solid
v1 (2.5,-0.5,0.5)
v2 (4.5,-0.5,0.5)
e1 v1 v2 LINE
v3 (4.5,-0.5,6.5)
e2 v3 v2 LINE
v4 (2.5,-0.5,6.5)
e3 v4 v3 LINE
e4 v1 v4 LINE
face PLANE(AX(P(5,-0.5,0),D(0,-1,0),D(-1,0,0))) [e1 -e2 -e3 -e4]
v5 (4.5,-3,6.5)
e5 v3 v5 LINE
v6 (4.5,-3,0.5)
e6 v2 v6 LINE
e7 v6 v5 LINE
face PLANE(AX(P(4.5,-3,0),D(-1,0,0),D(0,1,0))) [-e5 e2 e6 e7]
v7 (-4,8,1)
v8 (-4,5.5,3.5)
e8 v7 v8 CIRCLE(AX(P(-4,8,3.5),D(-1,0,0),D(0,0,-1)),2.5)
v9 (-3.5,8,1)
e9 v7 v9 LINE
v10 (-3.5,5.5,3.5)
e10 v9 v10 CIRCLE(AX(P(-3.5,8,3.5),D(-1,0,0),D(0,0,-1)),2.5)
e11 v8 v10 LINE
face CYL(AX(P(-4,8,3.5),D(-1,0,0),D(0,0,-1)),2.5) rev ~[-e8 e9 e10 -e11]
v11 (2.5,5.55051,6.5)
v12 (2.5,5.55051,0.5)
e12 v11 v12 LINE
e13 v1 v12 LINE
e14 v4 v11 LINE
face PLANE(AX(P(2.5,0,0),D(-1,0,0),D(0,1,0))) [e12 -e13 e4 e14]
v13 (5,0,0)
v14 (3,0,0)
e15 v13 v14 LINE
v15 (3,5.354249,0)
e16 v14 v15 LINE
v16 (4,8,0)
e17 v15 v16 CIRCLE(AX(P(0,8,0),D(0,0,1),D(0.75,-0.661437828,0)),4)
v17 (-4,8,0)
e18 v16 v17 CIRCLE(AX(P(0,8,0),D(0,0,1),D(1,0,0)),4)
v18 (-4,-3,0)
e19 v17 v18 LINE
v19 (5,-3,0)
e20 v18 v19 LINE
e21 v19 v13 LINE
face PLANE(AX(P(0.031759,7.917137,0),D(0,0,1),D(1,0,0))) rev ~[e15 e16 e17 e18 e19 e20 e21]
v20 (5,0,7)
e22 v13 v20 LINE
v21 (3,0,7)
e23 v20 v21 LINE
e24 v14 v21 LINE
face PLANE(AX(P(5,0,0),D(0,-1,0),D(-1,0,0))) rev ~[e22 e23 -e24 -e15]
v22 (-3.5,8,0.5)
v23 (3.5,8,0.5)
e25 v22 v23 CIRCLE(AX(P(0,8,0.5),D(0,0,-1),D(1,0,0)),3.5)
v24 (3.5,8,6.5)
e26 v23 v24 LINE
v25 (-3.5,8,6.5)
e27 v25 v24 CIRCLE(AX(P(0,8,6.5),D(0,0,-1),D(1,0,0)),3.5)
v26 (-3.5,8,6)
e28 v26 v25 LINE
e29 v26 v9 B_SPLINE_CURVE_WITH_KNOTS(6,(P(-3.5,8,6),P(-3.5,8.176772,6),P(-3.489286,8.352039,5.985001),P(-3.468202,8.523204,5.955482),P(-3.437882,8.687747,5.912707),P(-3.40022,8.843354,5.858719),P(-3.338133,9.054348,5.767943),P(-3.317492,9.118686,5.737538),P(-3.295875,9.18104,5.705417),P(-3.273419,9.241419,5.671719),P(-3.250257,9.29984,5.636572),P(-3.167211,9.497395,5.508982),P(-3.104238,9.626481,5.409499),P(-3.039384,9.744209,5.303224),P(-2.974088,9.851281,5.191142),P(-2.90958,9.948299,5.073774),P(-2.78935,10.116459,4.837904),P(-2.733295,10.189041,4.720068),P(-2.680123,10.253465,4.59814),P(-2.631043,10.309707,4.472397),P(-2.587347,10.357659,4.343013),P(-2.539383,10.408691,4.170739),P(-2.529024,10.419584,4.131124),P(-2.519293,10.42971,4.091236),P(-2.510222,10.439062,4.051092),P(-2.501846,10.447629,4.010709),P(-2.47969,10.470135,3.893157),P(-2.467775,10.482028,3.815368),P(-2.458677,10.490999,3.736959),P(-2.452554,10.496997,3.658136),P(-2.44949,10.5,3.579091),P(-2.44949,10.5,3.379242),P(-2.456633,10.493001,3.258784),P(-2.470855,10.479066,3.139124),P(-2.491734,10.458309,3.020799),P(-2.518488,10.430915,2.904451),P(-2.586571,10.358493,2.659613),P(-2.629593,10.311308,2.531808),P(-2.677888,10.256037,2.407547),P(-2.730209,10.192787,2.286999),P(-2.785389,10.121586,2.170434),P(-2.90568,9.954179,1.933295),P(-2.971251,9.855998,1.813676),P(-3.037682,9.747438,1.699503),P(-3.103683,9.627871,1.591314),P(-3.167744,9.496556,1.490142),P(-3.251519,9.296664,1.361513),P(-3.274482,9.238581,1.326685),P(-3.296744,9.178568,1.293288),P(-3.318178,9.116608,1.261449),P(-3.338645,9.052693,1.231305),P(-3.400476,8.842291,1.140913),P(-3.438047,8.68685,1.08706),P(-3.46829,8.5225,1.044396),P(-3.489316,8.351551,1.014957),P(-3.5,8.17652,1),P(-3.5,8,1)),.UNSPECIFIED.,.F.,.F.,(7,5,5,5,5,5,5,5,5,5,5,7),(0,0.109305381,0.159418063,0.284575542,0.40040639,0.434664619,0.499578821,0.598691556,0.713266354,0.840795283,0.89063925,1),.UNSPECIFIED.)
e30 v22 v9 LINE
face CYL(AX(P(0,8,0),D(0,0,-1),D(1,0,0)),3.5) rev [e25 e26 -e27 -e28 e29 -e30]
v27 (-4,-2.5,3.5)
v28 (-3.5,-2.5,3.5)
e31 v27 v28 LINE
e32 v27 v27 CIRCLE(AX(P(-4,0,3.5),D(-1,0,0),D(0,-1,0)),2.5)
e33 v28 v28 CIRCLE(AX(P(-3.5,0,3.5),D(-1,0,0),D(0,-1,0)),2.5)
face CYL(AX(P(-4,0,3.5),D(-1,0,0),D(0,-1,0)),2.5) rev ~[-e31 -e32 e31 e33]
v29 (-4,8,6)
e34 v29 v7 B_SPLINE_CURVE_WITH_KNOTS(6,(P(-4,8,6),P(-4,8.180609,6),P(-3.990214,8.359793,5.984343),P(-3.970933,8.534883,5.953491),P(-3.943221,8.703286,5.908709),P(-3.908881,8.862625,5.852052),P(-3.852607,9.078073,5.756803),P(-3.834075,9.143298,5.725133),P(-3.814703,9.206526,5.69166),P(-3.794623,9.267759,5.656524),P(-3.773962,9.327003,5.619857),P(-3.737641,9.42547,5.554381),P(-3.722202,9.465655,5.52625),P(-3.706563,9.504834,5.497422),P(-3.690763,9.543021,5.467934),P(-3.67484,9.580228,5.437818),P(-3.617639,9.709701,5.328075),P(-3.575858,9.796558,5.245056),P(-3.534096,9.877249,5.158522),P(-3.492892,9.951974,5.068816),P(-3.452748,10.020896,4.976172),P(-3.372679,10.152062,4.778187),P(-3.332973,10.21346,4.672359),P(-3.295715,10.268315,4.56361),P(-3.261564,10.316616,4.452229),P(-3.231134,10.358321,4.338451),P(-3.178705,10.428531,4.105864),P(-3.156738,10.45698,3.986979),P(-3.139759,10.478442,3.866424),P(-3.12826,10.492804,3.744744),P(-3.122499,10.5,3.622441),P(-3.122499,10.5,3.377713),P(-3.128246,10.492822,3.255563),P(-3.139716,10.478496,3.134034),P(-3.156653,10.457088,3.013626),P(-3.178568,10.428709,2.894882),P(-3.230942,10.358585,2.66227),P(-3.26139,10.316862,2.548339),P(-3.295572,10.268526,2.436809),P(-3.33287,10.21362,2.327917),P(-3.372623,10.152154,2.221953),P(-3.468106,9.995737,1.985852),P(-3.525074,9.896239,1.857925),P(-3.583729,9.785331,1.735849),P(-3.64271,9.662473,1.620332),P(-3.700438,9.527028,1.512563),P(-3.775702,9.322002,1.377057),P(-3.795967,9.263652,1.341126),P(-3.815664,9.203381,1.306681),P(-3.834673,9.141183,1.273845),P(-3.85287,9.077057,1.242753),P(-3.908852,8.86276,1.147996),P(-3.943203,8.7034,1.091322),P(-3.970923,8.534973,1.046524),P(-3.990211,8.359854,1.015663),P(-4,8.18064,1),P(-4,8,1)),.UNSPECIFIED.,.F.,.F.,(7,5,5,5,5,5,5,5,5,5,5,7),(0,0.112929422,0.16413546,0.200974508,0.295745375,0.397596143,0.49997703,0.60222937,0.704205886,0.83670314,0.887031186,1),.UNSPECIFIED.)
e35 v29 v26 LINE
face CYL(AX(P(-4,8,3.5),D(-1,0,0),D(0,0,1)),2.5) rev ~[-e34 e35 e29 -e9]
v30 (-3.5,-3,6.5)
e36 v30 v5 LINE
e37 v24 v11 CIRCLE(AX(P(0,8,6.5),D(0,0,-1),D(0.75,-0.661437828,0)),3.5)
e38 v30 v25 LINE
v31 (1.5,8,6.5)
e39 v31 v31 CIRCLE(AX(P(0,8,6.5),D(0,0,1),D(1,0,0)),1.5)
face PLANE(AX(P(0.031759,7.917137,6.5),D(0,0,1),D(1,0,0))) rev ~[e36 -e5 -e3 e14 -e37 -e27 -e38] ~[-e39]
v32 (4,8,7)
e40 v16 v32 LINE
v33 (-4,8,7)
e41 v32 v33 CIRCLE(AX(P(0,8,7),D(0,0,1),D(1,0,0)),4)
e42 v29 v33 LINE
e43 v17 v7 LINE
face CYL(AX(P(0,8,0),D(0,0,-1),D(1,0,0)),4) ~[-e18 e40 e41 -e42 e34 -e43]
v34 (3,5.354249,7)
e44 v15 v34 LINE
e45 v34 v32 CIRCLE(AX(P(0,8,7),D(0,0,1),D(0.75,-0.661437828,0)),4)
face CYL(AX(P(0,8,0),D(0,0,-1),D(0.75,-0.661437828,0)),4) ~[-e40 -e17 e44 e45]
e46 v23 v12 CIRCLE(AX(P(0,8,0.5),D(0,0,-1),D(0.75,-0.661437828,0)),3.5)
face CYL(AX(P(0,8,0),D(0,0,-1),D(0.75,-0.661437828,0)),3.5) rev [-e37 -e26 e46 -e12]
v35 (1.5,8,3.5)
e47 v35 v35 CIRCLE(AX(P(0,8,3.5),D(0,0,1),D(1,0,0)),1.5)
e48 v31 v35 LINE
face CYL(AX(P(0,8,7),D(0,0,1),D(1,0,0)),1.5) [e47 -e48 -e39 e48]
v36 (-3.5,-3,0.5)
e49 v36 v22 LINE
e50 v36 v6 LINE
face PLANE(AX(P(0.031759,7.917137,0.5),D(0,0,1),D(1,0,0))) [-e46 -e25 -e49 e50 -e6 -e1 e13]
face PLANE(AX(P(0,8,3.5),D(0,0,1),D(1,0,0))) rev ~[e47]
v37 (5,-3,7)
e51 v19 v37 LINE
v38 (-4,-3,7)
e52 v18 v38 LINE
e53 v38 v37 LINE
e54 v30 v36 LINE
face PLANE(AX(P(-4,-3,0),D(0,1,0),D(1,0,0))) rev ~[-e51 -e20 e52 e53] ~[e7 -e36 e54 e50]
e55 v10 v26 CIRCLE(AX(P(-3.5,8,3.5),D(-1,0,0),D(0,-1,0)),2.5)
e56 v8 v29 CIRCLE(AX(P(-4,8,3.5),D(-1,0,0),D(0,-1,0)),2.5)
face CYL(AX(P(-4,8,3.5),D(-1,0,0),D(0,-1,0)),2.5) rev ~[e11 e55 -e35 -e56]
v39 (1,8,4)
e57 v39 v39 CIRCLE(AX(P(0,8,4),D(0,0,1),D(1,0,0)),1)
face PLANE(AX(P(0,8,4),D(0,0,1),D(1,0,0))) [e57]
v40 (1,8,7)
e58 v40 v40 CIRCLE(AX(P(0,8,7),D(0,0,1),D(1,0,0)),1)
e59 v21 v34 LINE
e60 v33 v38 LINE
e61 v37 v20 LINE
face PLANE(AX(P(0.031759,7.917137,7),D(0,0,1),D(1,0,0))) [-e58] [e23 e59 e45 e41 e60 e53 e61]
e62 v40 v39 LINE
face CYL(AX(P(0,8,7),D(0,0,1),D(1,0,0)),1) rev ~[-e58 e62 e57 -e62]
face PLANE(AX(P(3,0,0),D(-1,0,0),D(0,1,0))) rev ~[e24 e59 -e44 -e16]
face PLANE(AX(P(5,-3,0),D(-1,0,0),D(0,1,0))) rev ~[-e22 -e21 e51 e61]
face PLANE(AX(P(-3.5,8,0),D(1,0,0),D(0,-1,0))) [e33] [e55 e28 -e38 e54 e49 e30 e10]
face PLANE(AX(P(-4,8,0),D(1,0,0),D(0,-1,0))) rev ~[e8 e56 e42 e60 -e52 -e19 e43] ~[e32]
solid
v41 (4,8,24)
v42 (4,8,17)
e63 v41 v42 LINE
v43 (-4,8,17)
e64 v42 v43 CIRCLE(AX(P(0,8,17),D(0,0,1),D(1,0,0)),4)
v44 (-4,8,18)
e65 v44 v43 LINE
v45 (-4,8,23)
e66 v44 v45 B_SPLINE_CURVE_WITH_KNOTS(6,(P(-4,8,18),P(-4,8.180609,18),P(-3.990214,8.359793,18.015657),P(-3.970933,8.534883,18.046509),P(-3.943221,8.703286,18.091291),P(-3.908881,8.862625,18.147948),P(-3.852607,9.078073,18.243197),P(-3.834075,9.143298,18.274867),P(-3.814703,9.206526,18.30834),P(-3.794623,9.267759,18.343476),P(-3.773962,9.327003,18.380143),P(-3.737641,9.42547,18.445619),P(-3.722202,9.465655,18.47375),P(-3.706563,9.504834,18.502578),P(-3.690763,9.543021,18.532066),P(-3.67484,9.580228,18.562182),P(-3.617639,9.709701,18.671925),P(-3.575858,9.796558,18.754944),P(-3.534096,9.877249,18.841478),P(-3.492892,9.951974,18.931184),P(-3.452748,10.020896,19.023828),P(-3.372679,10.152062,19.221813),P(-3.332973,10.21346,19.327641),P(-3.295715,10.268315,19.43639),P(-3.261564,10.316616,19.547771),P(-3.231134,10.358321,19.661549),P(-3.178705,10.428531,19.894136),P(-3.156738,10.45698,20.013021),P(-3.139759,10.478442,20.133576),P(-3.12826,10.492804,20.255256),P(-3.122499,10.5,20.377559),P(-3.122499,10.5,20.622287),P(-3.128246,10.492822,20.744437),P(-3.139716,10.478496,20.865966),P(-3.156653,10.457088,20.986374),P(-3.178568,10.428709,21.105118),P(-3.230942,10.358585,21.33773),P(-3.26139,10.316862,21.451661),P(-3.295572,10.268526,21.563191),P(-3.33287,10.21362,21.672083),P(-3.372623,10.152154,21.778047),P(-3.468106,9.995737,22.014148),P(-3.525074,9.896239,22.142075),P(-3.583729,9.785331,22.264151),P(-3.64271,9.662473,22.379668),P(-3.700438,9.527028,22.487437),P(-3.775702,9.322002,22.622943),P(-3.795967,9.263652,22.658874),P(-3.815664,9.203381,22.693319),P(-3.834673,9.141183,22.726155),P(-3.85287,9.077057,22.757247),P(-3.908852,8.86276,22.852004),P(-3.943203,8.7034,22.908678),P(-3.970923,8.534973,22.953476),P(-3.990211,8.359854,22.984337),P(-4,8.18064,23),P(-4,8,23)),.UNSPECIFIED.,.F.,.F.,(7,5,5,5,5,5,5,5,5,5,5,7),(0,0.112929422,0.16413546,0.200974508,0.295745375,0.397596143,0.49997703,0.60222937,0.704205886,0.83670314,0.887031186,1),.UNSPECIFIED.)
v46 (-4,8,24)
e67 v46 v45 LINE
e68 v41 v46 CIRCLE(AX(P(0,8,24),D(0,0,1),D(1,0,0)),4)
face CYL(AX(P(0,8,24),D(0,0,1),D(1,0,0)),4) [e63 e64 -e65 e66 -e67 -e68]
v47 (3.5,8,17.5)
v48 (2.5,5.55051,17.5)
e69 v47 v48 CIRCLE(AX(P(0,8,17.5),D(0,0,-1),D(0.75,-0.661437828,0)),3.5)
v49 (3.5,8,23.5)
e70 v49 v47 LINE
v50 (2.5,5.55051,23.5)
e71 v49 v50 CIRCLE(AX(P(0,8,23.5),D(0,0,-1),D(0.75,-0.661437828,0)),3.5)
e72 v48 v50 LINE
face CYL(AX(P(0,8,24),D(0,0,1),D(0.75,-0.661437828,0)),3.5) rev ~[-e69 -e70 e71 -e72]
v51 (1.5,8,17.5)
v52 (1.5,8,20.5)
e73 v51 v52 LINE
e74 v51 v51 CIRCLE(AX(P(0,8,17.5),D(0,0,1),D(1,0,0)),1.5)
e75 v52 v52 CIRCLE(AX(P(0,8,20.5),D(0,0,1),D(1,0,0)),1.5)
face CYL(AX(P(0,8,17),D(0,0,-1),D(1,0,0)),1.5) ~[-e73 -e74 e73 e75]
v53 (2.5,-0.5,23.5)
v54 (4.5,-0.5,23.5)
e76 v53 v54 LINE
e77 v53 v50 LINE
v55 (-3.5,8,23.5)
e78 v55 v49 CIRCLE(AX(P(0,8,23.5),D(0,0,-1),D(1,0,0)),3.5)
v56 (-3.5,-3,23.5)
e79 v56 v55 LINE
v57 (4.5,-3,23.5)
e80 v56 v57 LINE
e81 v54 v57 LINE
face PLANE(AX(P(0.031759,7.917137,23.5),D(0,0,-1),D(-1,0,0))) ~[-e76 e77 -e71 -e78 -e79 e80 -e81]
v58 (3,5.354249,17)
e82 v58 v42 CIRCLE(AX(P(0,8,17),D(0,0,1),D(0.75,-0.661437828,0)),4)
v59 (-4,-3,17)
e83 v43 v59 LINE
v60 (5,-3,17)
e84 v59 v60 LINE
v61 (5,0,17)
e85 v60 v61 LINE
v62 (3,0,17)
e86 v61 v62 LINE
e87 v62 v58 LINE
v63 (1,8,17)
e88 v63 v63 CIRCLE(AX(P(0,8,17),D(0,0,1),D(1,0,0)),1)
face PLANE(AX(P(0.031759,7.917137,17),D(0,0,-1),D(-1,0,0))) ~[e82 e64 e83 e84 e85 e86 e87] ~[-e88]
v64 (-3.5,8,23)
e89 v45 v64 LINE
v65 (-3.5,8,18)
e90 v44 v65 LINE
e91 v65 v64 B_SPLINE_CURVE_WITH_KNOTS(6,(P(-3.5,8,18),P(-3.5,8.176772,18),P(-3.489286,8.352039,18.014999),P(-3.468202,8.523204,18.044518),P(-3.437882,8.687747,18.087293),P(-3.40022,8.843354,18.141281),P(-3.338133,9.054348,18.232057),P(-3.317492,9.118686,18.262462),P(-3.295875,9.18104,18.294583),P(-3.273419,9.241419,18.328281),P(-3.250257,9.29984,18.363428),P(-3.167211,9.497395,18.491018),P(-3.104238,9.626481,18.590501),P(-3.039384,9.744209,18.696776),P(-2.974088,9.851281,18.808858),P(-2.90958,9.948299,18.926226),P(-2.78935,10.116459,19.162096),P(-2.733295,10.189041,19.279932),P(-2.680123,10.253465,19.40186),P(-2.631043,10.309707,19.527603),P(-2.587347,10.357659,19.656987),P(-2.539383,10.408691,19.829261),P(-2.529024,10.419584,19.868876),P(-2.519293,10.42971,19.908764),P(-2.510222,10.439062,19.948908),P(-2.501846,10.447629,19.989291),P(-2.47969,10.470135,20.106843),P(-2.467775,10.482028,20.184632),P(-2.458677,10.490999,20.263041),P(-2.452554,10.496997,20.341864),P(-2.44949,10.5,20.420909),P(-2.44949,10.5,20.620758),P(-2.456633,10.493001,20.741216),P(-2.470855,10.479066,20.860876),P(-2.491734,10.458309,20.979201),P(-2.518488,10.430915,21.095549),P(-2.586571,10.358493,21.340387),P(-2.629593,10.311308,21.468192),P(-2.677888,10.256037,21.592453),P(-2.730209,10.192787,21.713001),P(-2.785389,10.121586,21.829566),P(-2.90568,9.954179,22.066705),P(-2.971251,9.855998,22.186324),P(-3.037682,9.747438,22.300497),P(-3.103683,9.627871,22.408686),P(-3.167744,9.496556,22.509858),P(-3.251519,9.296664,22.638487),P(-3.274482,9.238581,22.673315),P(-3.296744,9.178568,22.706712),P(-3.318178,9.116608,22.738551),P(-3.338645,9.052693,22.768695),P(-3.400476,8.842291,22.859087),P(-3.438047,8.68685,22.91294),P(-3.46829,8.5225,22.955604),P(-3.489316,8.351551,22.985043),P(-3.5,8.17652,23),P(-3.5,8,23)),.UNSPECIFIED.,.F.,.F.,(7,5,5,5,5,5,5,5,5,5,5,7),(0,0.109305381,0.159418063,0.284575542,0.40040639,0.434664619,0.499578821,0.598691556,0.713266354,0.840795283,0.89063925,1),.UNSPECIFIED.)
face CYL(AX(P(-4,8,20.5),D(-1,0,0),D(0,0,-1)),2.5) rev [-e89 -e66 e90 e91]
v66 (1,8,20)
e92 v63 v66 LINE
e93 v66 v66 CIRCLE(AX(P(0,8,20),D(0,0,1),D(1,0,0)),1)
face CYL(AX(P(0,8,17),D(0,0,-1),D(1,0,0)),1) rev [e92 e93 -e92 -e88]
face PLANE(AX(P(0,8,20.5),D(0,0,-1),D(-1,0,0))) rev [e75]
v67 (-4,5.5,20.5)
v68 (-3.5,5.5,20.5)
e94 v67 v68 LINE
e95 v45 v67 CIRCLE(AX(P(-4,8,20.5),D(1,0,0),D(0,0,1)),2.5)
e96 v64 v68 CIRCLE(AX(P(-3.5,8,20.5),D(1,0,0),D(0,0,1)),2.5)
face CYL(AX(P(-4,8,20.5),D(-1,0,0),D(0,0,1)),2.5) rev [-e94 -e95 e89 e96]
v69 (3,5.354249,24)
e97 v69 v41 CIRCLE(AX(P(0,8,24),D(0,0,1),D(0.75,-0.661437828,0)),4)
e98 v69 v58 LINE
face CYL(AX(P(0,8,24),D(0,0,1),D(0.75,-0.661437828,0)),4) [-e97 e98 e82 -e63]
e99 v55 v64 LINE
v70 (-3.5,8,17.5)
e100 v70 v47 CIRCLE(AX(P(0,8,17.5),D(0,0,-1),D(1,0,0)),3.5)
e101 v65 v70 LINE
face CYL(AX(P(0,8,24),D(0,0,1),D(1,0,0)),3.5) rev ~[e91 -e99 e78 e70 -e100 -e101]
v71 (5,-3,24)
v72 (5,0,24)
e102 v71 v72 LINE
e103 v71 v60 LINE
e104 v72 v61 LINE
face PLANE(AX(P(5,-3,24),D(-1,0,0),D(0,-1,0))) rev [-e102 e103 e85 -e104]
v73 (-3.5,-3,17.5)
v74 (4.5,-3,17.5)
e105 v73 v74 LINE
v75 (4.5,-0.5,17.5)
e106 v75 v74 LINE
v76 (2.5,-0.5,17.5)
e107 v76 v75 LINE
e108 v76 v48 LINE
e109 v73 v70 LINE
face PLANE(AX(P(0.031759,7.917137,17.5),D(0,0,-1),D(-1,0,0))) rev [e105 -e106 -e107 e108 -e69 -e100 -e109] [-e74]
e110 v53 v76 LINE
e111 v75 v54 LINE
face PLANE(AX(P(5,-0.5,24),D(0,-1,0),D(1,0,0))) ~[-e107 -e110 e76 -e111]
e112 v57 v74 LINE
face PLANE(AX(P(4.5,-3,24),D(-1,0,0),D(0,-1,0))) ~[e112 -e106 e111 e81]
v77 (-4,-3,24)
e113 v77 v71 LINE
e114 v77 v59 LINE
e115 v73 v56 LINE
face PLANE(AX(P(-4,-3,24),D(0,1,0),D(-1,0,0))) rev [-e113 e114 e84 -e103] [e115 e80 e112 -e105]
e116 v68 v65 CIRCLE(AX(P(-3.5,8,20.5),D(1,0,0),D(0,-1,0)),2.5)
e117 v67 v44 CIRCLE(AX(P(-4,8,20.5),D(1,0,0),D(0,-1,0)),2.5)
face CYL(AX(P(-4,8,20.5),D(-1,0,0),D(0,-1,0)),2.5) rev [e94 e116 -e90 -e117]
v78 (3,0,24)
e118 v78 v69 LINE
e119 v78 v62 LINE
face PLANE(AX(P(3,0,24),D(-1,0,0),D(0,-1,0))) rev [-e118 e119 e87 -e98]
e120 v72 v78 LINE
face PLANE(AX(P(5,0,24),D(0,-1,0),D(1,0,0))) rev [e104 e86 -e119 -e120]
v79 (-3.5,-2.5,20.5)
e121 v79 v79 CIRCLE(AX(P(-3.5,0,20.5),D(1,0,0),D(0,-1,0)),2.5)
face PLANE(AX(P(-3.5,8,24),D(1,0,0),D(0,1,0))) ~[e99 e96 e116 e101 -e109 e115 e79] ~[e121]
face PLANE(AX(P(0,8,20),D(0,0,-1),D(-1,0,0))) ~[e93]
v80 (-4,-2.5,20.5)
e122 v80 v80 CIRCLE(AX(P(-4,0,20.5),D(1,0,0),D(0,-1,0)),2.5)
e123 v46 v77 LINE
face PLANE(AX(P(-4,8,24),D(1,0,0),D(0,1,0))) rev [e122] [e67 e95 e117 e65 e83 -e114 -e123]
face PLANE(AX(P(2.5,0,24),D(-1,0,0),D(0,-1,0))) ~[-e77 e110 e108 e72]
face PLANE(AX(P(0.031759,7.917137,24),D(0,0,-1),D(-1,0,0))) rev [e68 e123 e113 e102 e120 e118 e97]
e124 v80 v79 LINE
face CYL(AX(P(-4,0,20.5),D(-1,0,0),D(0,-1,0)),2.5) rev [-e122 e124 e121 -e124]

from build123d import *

# Parameters (mm, degrees)
F1_DEPTH = 7
F2_R     = 1
F3_DEPTH = 3
F4_T     = -0.5
F5_R     = 2.5
F6_DEPTH = 2


with BuildPart() as f1:
    # F0 (on Top) → F1 (new body)
    with BuildSketch(Plane.XY):
        with BuildLine():
            ThreePointArc((-4, 8), (-1.4142135624, 4.2583426132), (3, 5.3542486889))
            ThreePointArc((3, 5.3542486889), (3.7416573868, 6.5857864376), (4, 8))
            ThreePointArc((4, 8), (0, 12), (-4, 8))
        make_face()
        with BuildLine():
            Line((5, 0), (3, 0))
            Line((3, 0), (3, 5.3542486889))
            ThreePointArc((3, 5.3542486889), (-1.4142135624, 4.2583426132), (-4, 8))
            Line((-4, 8), (-4, -3))
            Line((-4, -3), (5, -3))
            Line((5, -3), (5, 0))
        make_face()
    extrude(amount=F1_DEPTH)

    # F2 (on face) → F3 (cut)
    with BuildSketch(Plane.XY.offset(7)):
        with Locations((0, 8)):
            Circle(F2_R)
    extrude(amount=-F3_DEPTH, mode=Mode.SUBTRACT)

    # F4
    f4_openings = [f1.faces().sort_by_distance(p)[0] for p in [
        (0.5, -3, 3.5),
    ]]
    offset(amount=F4_T, openings=f4_openings, kind=Kind.INTERSECTION)

    # F5 (on face) → F6 (cut)
    with BuildSketch(Plane(origin=(-4, 0, 0), x_dir=(0, -1, 0), z_dir=(-1, 0, 0))):
        with BuildLine():
            ThreePointArc((-8, 1), (-6.232233047, 1.732233047), (-5.5, 3.5))
            ThreePointArc((-5.5, 3.5), (-6.232233047, 5.267766953), (-8, 6))
            Line((-8, 6), (-8, 1))
        make_face()
        with BuildLine():
            Line((-8, 1), (-8, 6))
            ThreePointArc((-8, 6), (-10.5, 3.5), (-8, 1))
        make_face()
        with Locations((0, 3.5)):
            Circle(F5_R)
    extrude(amount=-F6_DEPTH, mode=Mode.SUBTRACT)


with BuildPart() as f8_1:
    # F8: instance of F1
    add(f1.part.mirror(Plane(origin=(-0.0779610261, 3.8834403375, 12), x_dir=(1, 0, 0), z_dir=(0, 0, 1))))


solid = Compound([f1.part, f8_1.part])
